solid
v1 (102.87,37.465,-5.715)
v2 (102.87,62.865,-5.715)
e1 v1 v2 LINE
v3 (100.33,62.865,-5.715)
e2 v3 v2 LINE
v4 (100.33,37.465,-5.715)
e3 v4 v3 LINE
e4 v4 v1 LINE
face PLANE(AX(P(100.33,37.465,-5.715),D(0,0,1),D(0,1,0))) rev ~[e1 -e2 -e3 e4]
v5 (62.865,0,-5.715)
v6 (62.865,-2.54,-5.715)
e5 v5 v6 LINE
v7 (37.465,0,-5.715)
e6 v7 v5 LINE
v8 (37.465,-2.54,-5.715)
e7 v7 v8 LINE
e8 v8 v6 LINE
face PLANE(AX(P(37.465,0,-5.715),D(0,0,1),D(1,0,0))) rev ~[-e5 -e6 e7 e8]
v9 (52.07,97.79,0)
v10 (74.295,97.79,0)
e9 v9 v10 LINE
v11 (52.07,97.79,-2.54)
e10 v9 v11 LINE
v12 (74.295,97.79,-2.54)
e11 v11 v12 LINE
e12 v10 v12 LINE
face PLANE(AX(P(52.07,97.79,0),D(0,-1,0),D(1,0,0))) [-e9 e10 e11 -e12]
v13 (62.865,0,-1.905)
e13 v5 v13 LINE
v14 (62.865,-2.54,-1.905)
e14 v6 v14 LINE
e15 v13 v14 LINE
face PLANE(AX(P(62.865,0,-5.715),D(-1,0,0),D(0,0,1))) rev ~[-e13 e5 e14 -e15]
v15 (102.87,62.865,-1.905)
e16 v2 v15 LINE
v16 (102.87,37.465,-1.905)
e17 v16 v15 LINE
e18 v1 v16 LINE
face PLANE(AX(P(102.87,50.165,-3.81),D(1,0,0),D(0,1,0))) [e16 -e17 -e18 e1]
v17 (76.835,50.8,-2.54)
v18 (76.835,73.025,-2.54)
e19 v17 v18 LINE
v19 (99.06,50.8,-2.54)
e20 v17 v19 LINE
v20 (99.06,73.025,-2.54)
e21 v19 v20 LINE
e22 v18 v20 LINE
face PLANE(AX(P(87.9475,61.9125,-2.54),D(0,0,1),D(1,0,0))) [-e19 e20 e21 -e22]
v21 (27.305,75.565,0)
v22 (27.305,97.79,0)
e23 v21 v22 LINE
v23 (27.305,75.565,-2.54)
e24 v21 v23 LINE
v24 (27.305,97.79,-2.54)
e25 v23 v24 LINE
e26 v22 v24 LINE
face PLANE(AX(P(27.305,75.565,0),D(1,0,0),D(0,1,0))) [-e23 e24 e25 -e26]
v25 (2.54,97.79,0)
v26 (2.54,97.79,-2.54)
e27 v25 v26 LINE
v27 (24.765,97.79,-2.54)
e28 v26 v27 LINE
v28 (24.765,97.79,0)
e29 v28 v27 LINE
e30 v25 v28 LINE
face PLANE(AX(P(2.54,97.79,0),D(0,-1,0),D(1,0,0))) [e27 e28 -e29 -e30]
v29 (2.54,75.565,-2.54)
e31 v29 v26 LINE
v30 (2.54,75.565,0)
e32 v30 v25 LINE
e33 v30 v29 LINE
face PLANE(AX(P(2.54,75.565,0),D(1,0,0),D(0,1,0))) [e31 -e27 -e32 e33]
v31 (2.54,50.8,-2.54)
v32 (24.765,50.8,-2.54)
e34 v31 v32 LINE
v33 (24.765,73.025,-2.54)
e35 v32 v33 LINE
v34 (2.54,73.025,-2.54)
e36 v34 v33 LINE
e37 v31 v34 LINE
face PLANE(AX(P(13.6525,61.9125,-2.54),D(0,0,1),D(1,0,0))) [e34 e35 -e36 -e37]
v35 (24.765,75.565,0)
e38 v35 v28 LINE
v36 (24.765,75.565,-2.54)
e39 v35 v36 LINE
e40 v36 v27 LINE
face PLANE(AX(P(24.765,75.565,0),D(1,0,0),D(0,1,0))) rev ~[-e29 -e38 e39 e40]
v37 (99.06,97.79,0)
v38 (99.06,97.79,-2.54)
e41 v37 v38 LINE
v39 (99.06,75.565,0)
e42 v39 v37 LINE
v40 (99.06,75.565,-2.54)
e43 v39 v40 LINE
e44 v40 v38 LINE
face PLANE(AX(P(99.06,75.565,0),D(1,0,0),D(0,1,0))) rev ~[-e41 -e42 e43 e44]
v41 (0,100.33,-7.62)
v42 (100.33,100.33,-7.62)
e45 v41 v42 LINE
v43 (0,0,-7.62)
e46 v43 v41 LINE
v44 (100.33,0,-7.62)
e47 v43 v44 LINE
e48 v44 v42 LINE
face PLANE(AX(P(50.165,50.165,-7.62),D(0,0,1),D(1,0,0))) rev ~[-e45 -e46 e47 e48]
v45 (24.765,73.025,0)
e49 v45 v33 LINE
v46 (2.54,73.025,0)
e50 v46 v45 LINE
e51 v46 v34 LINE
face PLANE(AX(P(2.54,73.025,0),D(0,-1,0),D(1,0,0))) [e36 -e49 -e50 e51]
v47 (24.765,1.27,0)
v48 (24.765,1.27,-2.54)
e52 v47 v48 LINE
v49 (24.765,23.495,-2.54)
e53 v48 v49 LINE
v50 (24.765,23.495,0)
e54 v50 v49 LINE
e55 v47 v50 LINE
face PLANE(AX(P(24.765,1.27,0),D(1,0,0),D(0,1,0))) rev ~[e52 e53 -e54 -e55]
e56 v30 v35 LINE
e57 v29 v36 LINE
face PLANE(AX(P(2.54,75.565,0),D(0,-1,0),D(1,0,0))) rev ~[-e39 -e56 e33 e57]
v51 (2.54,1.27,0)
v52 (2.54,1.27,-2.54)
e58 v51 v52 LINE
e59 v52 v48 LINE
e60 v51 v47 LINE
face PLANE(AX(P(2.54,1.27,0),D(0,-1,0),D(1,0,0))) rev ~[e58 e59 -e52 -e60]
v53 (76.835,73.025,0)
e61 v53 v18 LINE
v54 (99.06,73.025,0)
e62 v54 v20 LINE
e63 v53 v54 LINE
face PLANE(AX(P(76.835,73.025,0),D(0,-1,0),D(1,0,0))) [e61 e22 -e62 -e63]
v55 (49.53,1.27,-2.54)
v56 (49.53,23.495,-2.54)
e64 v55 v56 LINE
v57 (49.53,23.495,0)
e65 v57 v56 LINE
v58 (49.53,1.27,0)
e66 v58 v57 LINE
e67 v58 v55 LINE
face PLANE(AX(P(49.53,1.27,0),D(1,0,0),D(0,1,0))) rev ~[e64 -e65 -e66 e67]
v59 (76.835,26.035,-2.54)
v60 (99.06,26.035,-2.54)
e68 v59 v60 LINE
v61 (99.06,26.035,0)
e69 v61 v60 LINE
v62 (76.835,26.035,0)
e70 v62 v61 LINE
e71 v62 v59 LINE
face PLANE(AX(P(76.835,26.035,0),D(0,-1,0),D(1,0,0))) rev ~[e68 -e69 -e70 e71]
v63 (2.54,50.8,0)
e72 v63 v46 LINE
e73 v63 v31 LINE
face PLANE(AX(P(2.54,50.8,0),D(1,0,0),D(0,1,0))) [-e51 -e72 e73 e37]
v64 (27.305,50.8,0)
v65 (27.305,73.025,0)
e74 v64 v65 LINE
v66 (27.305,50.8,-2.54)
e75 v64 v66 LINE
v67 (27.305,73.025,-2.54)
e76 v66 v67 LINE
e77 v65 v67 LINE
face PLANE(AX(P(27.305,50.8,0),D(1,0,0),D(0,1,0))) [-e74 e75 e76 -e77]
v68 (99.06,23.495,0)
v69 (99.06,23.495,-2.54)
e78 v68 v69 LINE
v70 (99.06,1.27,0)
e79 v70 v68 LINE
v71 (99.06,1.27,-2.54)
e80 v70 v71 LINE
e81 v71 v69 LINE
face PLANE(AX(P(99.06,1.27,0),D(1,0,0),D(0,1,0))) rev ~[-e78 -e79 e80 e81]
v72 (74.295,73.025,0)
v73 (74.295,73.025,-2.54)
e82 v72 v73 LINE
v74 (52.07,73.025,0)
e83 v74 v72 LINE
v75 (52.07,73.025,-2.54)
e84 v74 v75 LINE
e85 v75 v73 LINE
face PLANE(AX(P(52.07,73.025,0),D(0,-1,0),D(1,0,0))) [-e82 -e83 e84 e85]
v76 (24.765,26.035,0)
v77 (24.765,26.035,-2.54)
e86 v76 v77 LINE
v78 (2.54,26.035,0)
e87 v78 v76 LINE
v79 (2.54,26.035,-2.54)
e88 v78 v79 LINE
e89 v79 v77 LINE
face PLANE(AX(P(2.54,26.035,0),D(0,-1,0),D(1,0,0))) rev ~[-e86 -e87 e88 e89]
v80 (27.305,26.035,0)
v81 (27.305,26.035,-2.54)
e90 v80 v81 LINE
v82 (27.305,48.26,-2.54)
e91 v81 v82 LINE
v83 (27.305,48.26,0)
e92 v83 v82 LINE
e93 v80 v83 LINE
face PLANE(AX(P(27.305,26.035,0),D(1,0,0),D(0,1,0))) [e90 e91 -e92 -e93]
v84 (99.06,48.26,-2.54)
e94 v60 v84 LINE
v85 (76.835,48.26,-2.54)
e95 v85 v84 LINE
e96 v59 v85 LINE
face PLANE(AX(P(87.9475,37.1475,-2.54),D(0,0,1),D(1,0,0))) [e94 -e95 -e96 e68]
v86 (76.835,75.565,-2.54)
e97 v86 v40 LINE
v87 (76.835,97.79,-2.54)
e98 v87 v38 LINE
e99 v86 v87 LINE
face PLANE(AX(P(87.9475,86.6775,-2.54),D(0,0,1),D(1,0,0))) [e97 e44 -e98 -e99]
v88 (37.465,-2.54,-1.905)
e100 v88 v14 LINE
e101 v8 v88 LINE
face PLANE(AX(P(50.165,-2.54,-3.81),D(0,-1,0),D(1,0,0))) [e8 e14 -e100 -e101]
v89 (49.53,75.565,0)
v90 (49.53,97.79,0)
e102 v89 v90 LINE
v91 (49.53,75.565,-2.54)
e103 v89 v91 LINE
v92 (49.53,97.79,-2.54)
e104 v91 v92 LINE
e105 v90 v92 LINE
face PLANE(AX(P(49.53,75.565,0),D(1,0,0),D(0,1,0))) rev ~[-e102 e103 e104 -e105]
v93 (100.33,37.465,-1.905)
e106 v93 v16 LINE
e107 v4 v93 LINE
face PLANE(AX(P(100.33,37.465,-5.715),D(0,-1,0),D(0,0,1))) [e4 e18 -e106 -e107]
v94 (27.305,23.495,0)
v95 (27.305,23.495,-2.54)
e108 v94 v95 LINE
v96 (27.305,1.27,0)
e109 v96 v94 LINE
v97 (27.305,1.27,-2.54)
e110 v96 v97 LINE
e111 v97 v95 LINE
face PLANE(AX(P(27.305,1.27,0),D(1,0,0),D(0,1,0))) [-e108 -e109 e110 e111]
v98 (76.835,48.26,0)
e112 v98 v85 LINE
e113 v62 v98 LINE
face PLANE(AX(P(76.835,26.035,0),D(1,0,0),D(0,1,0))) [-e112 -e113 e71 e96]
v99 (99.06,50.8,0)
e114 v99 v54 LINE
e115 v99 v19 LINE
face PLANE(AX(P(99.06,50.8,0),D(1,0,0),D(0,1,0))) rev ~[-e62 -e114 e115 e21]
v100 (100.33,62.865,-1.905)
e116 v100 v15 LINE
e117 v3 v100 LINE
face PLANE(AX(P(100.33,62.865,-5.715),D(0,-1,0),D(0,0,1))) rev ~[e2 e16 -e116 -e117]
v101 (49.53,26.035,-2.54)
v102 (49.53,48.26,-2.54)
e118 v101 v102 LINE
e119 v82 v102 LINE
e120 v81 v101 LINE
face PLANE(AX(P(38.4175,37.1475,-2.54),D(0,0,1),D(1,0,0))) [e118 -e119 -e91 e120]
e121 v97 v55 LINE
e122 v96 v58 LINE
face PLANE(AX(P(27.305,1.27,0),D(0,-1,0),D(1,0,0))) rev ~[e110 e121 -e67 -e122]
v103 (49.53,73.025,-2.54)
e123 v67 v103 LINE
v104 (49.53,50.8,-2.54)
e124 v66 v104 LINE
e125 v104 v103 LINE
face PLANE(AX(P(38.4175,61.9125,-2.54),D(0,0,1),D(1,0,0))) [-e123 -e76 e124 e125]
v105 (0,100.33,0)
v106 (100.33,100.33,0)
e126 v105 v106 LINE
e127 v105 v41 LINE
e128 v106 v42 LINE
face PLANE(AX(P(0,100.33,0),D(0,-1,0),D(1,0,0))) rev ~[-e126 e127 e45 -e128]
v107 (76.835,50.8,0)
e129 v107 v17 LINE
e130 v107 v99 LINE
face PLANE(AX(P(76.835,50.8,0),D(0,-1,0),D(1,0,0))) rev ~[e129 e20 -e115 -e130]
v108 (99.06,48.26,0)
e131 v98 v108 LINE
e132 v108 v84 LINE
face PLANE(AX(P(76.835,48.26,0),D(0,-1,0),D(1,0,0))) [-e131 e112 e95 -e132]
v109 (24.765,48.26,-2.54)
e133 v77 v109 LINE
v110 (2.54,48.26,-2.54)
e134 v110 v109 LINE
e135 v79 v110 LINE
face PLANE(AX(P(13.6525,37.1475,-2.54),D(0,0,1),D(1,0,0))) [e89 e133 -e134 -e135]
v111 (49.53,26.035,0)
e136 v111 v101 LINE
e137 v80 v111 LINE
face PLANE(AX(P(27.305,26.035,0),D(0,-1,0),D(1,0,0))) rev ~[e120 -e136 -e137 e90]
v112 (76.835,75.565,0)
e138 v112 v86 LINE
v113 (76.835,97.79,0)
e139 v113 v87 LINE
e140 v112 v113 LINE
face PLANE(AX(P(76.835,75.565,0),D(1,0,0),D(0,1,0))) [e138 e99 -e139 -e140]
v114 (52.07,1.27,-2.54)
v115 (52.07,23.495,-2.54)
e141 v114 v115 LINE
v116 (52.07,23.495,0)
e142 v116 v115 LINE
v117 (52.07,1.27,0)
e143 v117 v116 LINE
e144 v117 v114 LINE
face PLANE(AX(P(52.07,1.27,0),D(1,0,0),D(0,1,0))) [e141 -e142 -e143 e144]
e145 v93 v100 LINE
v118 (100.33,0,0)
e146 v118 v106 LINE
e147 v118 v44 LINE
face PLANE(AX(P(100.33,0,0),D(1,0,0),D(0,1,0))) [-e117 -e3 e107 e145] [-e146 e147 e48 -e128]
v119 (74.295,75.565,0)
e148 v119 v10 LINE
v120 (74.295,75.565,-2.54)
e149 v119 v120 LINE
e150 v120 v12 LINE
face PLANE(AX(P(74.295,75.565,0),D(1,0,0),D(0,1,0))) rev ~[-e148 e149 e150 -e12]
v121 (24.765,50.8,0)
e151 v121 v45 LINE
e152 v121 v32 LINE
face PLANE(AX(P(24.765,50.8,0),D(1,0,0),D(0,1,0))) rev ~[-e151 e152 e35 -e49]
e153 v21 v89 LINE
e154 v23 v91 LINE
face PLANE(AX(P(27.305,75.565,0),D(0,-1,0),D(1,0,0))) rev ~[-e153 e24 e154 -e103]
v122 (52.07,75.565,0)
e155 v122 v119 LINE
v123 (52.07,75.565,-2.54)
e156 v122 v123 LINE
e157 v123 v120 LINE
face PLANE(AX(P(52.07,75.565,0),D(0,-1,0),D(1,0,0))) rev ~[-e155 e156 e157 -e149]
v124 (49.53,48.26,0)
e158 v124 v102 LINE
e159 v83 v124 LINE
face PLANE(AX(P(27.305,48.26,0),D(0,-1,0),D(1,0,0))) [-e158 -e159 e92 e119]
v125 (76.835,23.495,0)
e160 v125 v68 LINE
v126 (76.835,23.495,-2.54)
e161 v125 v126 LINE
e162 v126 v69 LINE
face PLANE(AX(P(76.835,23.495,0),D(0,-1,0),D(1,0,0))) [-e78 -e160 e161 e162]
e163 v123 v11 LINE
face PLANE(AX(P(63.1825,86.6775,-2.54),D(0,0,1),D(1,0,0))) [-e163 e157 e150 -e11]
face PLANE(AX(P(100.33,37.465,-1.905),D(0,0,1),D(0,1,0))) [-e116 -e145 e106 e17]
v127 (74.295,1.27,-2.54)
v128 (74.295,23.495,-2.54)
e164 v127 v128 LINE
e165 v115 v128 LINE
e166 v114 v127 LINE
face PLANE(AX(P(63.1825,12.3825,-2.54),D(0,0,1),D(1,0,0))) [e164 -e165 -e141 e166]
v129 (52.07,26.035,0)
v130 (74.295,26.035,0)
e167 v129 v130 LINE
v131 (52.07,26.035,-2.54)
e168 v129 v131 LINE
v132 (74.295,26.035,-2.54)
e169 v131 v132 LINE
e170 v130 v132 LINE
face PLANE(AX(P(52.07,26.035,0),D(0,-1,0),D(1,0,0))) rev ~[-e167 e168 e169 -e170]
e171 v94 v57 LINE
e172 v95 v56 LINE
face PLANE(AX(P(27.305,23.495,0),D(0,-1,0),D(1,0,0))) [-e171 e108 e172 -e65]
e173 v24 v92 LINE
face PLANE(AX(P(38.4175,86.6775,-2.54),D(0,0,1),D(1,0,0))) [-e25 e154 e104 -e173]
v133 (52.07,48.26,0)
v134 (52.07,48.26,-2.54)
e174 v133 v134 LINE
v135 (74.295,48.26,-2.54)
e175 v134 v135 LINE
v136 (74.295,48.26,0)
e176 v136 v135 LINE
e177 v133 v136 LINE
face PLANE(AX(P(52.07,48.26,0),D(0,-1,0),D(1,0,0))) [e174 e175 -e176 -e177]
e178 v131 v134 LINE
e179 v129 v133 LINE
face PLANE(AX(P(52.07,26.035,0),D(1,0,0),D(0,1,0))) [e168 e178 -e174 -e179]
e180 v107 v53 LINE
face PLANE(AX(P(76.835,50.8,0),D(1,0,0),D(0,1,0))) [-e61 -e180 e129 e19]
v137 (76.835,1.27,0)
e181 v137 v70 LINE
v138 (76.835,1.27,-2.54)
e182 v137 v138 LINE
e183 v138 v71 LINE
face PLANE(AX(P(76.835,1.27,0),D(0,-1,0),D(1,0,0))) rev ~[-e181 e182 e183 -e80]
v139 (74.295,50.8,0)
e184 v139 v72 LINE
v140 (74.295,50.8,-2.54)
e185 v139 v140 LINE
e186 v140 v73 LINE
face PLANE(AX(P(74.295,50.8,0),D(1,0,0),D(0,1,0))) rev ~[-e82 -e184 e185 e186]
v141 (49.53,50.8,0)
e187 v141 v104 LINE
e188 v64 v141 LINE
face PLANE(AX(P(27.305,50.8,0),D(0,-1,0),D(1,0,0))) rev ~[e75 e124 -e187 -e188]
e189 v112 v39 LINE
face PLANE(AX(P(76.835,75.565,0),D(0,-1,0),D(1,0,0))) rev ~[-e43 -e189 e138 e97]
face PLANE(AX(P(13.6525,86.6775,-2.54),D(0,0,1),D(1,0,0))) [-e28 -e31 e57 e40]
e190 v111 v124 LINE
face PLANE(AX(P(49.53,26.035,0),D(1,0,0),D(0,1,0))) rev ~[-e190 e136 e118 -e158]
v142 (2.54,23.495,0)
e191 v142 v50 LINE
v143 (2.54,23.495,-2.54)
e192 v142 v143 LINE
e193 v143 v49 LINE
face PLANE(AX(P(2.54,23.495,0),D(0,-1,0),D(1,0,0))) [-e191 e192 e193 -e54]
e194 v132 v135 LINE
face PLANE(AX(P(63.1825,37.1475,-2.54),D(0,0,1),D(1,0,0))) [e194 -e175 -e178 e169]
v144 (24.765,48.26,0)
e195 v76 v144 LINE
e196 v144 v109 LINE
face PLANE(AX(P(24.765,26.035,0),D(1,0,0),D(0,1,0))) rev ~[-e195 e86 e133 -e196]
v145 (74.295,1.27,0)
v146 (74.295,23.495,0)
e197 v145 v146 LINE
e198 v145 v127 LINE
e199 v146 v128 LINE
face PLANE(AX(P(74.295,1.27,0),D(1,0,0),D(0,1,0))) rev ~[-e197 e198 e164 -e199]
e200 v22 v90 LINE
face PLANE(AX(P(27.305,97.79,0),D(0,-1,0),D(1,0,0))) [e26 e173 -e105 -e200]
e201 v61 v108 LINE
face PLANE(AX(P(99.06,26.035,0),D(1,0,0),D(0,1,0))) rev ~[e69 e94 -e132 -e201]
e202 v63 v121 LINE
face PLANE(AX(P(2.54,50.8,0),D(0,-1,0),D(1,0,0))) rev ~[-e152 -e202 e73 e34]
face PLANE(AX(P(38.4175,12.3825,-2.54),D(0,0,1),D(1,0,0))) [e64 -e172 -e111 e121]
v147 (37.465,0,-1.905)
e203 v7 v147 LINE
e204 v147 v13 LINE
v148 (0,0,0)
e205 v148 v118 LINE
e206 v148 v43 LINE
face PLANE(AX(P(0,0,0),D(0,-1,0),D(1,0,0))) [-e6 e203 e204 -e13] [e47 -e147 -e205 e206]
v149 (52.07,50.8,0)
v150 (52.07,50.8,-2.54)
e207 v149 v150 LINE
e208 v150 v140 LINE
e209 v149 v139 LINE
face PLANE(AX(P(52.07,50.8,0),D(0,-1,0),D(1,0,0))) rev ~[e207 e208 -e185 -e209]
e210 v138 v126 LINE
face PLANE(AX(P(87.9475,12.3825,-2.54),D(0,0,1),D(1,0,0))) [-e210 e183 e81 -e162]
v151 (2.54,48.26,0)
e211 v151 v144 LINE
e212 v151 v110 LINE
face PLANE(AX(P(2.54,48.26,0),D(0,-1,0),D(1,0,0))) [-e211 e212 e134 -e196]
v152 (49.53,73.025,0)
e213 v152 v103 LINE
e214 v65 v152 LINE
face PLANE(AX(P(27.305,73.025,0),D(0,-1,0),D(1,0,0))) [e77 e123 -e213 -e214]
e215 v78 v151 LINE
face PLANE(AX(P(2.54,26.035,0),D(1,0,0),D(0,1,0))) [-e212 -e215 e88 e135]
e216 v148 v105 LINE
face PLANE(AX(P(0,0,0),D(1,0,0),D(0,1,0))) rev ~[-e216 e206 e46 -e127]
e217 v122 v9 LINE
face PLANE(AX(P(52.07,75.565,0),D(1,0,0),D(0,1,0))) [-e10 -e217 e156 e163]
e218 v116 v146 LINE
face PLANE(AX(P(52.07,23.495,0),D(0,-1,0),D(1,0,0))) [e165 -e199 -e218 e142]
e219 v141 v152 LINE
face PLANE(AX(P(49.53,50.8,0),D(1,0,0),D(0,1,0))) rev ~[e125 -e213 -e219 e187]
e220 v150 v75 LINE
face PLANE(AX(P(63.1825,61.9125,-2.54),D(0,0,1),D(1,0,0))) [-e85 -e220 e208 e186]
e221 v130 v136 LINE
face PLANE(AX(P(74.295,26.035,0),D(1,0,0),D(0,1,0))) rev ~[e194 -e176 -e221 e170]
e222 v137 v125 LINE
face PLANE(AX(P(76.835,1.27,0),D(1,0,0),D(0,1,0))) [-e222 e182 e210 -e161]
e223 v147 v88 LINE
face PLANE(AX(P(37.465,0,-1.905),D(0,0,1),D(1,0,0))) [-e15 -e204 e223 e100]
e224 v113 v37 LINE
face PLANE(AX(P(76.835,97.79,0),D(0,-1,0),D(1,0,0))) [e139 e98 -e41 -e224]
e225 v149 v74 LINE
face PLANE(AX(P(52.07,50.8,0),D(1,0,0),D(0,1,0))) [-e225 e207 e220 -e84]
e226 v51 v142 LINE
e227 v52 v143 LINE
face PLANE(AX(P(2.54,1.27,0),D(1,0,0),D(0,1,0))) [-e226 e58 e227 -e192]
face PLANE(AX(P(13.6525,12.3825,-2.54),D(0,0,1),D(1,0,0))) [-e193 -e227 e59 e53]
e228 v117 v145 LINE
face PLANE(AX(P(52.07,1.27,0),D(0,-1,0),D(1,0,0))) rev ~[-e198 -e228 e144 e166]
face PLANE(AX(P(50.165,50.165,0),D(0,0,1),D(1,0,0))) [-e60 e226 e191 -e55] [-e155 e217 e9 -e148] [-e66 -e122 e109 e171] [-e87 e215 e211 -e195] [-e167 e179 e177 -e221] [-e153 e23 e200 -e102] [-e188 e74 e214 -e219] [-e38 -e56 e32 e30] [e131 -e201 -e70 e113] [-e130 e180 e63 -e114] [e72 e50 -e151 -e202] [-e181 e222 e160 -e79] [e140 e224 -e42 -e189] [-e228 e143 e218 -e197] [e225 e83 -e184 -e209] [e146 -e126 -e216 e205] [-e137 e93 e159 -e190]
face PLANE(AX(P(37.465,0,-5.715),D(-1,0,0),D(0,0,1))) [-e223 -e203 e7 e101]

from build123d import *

# Parameters (mm, degrees)
F0_W     = 100.33
F0_H     = 100.33
F1_DEPTH = 7.62
F2_W     = 22.225
F2_H     = 22.225
F3_DEPTH = 2.54
F5_W     = 25.4
F5_H     = 3.81
F6_DEPTH = 2.54
F4_W     = 25.4
F4_H     = 3.81
F7_DEPTH = 2.54


with BuildPart() as f1:
    # F0 (on Top) → F1 (new body)
    with BuildSketch(Plane.XY):
        with Locations((50.165, 50.165)):
            Rectangle(F0_W, F0_H)
    extrude(amount=-F1_DEPTH)

    # F2 (on Top) → F3 (cut)
    with BuildSketch(Plane.XY):
        with Locations((13.6525, 86.6775)):
            Rectangle(F2_W, F2_H)
        with Locations((38.4175, 86.6775)):
            Rectangle(F2_W, F2_H)
        with Locations((63.1825, 86.6775)):
            Rectangle(F2_W, F2_H)
        with Locations((87.9475, 86.6775)):
            Rectangle(F2_W, F2_H)
        with Locations((13.6525, 61.9125)):
            Rectangle(F2_W, F2_H)
        with Locations((13.6525, 37.1475)):
            Rectangle(F2_W, F2_H)
        with Locations((13.6525, 12.3825)):
            Rectangle(F2_W, F2_H)
        with Locations((38.4175, 61.9125)):
            Rectangle(F2_W, F2_H)
        with Locations((63.1825, 61.9125)):
            Rectangle(F2_W, F2_H)
        with Locations((87.9475, 61.9125)):
            Rectangle(F2_W, F2_H)
        with Locations((38.4175, 37.1475)):
            Rectangle(F2_W, F2_H)
        with Locations((38.4175, 12.3825)):
            Rectangle(F2_W, F2_H)
        with Locations((63.1825, 37.1475)):
            Rectangle(F2_W, F2_H)
        with Locations((87.9475, 37.1475)):
            Rectangle(F2_W, F2_H)
        with Locations((63.1825, 12.3825)):
            Rectangle(F2_W, F2_H)
        with Locations((87.9475, 12.3825)):
            Rectangle(F2_W, F2_H)
    extrude(amount=-F3_DEPTH, mode=Mode.SUBTRACT)

    # F5 (on face) → F6 (join)
    with BuildSketch(Plane.YZ.offset(100.33)):
        with Locations((50.165, -3.81)):
            Rectangle(F5_W, F5_H)
    extrude(amount=F6_DEPTH)

    # F4 (on face) → F7 (join)
    with BuildSketch(Plane.XZ):
        with Locations((50.165, -3.81)):
            Rectangle(F4_W, F4_H)
    extrude(amount=F7_DEPTH)


solid = f1.part
